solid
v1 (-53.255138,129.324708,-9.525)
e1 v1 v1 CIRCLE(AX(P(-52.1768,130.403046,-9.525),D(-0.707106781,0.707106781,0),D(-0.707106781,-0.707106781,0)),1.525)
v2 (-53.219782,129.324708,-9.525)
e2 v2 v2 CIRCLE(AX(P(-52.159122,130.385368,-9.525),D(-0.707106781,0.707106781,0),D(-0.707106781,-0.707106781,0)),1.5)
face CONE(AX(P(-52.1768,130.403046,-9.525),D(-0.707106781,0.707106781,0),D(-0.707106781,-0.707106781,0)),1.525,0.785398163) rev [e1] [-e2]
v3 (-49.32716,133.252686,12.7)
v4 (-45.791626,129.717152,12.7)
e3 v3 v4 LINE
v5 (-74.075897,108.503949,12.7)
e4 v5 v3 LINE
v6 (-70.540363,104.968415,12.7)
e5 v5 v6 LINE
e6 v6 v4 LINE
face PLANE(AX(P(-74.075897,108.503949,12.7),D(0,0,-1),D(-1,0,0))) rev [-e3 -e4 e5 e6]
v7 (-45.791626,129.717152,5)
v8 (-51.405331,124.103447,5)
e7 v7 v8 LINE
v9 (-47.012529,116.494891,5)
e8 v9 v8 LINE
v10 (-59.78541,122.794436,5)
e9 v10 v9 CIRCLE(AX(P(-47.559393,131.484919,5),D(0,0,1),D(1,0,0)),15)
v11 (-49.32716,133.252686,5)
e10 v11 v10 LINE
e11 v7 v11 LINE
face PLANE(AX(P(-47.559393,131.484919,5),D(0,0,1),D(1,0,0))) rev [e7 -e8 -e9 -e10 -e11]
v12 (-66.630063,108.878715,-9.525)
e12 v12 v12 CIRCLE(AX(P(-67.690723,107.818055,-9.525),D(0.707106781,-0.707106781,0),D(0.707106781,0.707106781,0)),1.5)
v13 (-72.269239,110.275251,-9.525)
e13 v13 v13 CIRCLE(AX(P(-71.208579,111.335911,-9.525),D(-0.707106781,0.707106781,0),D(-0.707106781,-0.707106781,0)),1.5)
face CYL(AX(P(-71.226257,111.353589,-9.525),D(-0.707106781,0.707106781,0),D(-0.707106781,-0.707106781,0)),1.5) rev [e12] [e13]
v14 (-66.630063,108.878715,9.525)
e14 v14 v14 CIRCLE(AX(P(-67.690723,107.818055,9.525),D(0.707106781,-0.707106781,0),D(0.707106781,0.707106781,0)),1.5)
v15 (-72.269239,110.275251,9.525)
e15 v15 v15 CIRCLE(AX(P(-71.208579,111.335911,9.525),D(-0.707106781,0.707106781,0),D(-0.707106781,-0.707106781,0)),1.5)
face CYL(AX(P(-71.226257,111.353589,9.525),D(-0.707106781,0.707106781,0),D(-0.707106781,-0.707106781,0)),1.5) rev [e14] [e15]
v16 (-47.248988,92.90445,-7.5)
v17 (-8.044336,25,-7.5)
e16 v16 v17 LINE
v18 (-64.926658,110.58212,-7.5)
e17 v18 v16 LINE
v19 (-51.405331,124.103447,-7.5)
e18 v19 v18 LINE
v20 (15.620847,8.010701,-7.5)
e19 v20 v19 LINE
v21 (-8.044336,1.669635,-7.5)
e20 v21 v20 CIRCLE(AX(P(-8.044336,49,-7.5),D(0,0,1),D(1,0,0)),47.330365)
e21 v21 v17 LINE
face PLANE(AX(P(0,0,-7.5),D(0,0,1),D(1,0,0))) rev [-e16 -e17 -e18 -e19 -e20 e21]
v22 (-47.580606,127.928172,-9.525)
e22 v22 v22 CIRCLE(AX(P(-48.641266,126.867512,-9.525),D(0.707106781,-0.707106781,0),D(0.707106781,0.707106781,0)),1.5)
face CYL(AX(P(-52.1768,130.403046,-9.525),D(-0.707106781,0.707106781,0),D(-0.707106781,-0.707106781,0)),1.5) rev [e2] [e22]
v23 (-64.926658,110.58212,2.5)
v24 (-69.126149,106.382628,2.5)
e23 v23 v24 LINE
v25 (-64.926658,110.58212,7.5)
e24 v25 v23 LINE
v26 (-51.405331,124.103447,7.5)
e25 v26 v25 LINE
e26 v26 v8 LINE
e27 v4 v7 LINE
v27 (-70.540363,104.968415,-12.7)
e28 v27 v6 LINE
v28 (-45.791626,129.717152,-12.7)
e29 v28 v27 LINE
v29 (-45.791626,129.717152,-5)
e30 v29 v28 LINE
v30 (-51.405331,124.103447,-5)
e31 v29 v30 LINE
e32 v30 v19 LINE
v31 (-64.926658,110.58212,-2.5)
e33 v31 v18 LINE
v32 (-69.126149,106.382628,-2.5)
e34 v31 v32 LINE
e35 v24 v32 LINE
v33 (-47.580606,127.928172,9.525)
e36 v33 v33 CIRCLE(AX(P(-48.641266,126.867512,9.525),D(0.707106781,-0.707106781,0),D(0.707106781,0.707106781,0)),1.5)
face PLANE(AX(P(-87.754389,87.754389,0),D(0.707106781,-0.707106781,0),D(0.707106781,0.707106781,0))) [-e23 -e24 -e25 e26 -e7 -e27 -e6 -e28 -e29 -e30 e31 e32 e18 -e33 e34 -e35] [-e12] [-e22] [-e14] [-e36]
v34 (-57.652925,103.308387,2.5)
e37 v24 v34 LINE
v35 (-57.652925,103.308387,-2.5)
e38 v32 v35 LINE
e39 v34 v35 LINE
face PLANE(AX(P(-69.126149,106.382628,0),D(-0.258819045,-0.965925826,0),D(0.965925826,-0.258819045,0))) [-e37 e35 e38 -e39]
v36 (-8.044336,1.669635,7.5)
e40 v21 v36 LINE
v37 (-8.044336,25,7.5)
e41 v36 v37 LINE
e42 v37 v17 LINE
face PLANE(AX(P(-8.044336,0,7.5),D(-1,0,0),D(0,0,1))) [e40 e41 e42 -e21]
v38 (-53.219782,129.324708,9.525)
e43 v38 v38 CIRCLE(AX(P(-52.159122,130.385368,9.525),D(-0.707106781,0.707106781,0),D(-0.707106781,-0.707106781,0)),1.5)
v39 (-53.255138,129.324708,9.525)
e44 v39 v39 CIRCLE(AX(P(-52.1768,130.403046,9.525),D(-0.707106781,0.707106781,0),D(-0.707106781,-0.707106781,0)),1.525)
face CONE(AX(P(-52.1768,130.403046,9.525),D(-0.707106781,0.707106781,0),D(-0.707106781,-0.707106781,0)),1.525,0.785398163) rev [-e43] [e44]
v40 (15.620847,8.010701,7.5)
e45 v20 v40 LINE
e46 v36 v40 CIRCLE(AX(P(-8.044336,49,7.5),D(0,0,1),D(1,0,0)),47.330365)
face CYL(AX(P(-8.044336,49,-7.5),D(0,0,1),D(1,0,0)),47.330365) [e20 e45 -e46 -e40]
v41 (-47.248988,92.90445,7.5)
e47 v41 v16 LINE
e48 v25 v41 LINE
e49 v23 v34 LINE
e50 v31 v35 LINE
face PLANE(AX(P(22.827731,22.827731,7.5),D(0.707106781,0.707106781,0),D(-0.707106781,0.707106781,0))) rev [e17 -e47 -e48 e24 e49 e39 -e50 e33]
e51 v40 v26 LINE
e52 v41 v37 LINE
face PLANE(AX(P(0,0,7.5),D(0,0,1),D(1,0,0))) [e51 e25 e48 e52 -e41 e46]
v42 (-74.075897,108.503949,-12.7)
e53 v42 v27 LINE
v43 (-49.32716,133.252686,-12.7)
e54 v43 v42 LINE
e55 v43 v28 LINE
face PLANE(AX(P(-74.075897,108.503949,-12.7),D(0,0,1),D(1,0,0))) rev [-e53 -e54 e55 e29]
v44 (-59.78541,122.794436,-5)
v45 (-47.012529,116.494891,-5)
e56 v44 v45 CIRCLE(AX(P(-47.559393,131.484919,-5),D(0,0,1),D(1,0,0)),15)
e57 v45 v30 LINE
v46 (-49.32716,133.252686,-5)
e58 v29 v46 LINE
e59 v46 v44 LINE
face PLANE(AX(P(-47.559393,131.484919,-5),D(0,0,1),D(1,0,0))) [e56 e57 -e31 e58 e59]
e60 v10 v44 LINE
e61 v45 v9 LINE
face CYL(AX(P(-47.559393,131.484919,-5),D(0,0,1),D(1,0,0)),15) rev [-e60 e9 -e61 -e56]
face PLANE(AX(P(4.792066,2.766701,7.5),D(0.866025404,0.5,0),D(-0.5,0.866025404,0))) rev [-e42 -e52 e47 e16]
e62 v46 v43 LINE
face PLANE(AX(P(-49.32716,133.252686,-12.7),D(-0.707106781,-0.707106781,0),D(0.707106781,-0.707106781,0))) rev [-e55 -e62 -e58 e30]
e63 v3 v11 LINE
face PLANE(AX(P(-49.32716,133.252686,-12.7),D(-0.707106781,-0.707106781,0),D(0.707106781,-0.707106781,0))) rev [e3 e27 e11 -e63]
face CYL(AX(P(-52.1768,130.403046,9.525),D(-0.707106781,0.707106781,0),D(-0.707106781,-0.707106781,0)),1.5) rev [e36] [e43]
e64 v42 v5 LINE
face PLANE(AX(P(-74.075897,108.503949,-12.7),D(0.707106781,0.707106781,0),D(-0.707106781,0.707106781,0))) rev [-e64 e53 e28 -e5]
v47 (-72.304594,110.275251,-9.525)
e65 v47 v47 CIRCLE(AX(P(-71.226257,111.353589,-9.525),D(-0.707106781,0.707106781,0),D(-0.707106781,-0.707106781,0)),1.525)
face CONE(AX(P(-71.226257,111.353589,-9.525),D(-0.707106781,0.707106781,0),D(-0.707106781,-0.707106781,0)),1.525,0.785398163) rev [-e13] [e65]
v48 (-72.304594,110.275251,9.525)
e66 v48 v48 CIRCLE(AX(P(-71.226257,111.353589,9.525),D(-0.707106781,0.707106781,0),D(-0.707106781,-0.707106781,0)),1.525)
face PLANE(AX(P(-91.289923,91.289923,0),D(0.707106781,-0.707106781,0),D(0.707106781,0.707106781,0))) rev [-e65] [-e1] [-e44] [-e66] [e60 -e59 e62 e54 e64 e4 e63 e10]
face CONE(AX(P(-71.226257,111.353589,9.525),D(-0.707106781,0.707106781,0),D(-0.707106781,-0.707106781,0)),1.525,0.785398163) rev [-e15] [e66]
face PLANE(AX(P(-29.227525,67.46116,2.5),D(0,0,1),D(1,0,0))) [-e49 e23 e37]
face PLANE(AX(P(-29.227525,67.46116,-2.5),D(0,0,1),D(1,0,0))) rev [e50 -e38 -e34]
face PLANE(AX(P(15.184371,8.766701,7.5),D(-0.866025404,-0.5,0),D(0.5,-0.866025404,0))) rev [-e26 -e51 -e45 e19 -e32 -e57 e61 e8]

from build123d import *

# Parameters (mm, degrees)
TIBIA_RAW_DEPTH                 = 7.5
ARRONDISSEMENT_PATTE_DEPTH      = 141.261849538
ARRONDISSEMENT_PATTE_DEPTH_BACK = 141.261849538
SKETCH10_W                      = 25.4
SKETCH10_H                      = 35
BOSS_EXTRUDE3_DEPTH             = 5
SKETCH11_R                      = 15
CUT_EXTRUDE3_DEPTH              = 5
F_3_0MM_DOWEL_HOLE2_D           = 3
F_3_0MM_DOWEL_HOLE2_CSINK_D     = 3.05
F_3_0MM_DOWEL_HOLE2_CSINK_ANGLE = 90
RIB2_REACH                      = 154.986
SKETCH14_WALL_W                 = 319.8505485
SKETCH14_WALL_H                 = 5


with BuildPart() as part:
    # Sketch1 → tibia_raw (new, symmetric)
    with BuildSketch(Plane.XY):
        Polygon((-8.044335554, 0), (-8.044335554, 25), (-47.248988291, 92.904450435), (-64.926657821, 110.582119965), (-51.405330856, 124.10344693), (16.455664446, 6.564755215), align=None)
    extrude(amount=TIBIA_RAW_DEPTH, both=True)

    # Sketch4 → arrondissement_patte (cut, two sides: drawn at the far end of the back side and taken through both)
    with BuildSketch(Plane.XY.offset(-ARRONDISSEMENT_PATTE_DEPTH_BACK)):
        with BuildLine():
            ThreePointArc((4.205663462, 3.282377343), (-1.866483675, 2.074552283), (-8.044335554, 1.669634512))
            Line((-8.044335554, 1.669634512), (-8.044335554, 0))
            Line((-8.044335554, 0), (4.205663462, 3.282377343))
        make_face()
        with BuildLine():
            ThreePointArc((15.620847191, 8.010701117), (10.068210696, 5.272443864), (4.205663462, 3.282377343))
            Line((4.205663462, 3.282377343), (16.455664446, 6.564755215))
            Line((16.455664446, 6.564755215), (15.620847191, 8.010701117))
        make_face()
    extrude(amount=ARRONDISSEMENT_PATTE_DEPTH + ARRONDISSEMENT_PATTE_DEPTH_BACK, mode=Mode.SUBTRACT)

    # Sketch10 → Boss-Extrude3 (add)
    with BuildSketch(Plane(origin=(-87.754388893, 87.754388893, 0), x_dir=(0, 0, 1), z_dir=(-0.7071067811865487, 0.7071067811865465, 0))):
        with Locations((0, 41.844308868)):
            Rectangle(SKETCH10_W, SKETCH10_H)
    extrude(amount=BOSS_EXTRUDE3_DEPTH)

    # Sketch11 → Cut-Extrude3 (cut, symmetric)
    with BuildSketch(Plane.XY):
        with Locations((-47.559392621, 131.484919071)):
            Circle(SKETCH11_R)
    extrude(amount=CUT_EXTRUDE3_DEPTH, both=True, mode=Mode.SUBTRACT)

    # Ø3.0mm Dowel Hole2 (through all)
    with Locations(Plane(origin=(-91.289922799, 91.289922799, 0), x_dir=(0, 0, 1), z_dir=(-0.7071067811865488, 0.7071067811865464, 0))):
        with Locations((-9.525, 55.314308868), (9.525, 55.314308868), (9.525, 28.374308868), (-9.525, 28.374308868)):
            CounterSinkHole(F_3_0MM_DOWEL_HOLE2_D / 2, F_3_0MM_DOWEL_HOLE2_CSINK_D / 2, counter_sink_angle=F_3_0MM_DOWEL_HOLE2_CSINK_ANGLE)

    # Sketch14 wall → Rib2 (add, up to next)
    with BuildSketch(Plane(origin=(-63.389537203, 104.845507721, 0), x_dir=(0.965925826292, -0.258819045091, 0), z_dir=(0.258819045091, 0.965925826292, 0)), mode=Mode.PRIVATE) as rib2_sk1:
        Rectangle(SKETCH14_WALL_W, SKETCH14_WALL_H)
    rib2_tool1 = extrude(rib2_sk1.sketch, amount=RIB2_REACH, mode=Mode.PRIVATE) - part.part
    add(rib2_tool1.solids().sort_by_distance((-63.389537203, 104.845507721, 0))[0])


solid = part.part
